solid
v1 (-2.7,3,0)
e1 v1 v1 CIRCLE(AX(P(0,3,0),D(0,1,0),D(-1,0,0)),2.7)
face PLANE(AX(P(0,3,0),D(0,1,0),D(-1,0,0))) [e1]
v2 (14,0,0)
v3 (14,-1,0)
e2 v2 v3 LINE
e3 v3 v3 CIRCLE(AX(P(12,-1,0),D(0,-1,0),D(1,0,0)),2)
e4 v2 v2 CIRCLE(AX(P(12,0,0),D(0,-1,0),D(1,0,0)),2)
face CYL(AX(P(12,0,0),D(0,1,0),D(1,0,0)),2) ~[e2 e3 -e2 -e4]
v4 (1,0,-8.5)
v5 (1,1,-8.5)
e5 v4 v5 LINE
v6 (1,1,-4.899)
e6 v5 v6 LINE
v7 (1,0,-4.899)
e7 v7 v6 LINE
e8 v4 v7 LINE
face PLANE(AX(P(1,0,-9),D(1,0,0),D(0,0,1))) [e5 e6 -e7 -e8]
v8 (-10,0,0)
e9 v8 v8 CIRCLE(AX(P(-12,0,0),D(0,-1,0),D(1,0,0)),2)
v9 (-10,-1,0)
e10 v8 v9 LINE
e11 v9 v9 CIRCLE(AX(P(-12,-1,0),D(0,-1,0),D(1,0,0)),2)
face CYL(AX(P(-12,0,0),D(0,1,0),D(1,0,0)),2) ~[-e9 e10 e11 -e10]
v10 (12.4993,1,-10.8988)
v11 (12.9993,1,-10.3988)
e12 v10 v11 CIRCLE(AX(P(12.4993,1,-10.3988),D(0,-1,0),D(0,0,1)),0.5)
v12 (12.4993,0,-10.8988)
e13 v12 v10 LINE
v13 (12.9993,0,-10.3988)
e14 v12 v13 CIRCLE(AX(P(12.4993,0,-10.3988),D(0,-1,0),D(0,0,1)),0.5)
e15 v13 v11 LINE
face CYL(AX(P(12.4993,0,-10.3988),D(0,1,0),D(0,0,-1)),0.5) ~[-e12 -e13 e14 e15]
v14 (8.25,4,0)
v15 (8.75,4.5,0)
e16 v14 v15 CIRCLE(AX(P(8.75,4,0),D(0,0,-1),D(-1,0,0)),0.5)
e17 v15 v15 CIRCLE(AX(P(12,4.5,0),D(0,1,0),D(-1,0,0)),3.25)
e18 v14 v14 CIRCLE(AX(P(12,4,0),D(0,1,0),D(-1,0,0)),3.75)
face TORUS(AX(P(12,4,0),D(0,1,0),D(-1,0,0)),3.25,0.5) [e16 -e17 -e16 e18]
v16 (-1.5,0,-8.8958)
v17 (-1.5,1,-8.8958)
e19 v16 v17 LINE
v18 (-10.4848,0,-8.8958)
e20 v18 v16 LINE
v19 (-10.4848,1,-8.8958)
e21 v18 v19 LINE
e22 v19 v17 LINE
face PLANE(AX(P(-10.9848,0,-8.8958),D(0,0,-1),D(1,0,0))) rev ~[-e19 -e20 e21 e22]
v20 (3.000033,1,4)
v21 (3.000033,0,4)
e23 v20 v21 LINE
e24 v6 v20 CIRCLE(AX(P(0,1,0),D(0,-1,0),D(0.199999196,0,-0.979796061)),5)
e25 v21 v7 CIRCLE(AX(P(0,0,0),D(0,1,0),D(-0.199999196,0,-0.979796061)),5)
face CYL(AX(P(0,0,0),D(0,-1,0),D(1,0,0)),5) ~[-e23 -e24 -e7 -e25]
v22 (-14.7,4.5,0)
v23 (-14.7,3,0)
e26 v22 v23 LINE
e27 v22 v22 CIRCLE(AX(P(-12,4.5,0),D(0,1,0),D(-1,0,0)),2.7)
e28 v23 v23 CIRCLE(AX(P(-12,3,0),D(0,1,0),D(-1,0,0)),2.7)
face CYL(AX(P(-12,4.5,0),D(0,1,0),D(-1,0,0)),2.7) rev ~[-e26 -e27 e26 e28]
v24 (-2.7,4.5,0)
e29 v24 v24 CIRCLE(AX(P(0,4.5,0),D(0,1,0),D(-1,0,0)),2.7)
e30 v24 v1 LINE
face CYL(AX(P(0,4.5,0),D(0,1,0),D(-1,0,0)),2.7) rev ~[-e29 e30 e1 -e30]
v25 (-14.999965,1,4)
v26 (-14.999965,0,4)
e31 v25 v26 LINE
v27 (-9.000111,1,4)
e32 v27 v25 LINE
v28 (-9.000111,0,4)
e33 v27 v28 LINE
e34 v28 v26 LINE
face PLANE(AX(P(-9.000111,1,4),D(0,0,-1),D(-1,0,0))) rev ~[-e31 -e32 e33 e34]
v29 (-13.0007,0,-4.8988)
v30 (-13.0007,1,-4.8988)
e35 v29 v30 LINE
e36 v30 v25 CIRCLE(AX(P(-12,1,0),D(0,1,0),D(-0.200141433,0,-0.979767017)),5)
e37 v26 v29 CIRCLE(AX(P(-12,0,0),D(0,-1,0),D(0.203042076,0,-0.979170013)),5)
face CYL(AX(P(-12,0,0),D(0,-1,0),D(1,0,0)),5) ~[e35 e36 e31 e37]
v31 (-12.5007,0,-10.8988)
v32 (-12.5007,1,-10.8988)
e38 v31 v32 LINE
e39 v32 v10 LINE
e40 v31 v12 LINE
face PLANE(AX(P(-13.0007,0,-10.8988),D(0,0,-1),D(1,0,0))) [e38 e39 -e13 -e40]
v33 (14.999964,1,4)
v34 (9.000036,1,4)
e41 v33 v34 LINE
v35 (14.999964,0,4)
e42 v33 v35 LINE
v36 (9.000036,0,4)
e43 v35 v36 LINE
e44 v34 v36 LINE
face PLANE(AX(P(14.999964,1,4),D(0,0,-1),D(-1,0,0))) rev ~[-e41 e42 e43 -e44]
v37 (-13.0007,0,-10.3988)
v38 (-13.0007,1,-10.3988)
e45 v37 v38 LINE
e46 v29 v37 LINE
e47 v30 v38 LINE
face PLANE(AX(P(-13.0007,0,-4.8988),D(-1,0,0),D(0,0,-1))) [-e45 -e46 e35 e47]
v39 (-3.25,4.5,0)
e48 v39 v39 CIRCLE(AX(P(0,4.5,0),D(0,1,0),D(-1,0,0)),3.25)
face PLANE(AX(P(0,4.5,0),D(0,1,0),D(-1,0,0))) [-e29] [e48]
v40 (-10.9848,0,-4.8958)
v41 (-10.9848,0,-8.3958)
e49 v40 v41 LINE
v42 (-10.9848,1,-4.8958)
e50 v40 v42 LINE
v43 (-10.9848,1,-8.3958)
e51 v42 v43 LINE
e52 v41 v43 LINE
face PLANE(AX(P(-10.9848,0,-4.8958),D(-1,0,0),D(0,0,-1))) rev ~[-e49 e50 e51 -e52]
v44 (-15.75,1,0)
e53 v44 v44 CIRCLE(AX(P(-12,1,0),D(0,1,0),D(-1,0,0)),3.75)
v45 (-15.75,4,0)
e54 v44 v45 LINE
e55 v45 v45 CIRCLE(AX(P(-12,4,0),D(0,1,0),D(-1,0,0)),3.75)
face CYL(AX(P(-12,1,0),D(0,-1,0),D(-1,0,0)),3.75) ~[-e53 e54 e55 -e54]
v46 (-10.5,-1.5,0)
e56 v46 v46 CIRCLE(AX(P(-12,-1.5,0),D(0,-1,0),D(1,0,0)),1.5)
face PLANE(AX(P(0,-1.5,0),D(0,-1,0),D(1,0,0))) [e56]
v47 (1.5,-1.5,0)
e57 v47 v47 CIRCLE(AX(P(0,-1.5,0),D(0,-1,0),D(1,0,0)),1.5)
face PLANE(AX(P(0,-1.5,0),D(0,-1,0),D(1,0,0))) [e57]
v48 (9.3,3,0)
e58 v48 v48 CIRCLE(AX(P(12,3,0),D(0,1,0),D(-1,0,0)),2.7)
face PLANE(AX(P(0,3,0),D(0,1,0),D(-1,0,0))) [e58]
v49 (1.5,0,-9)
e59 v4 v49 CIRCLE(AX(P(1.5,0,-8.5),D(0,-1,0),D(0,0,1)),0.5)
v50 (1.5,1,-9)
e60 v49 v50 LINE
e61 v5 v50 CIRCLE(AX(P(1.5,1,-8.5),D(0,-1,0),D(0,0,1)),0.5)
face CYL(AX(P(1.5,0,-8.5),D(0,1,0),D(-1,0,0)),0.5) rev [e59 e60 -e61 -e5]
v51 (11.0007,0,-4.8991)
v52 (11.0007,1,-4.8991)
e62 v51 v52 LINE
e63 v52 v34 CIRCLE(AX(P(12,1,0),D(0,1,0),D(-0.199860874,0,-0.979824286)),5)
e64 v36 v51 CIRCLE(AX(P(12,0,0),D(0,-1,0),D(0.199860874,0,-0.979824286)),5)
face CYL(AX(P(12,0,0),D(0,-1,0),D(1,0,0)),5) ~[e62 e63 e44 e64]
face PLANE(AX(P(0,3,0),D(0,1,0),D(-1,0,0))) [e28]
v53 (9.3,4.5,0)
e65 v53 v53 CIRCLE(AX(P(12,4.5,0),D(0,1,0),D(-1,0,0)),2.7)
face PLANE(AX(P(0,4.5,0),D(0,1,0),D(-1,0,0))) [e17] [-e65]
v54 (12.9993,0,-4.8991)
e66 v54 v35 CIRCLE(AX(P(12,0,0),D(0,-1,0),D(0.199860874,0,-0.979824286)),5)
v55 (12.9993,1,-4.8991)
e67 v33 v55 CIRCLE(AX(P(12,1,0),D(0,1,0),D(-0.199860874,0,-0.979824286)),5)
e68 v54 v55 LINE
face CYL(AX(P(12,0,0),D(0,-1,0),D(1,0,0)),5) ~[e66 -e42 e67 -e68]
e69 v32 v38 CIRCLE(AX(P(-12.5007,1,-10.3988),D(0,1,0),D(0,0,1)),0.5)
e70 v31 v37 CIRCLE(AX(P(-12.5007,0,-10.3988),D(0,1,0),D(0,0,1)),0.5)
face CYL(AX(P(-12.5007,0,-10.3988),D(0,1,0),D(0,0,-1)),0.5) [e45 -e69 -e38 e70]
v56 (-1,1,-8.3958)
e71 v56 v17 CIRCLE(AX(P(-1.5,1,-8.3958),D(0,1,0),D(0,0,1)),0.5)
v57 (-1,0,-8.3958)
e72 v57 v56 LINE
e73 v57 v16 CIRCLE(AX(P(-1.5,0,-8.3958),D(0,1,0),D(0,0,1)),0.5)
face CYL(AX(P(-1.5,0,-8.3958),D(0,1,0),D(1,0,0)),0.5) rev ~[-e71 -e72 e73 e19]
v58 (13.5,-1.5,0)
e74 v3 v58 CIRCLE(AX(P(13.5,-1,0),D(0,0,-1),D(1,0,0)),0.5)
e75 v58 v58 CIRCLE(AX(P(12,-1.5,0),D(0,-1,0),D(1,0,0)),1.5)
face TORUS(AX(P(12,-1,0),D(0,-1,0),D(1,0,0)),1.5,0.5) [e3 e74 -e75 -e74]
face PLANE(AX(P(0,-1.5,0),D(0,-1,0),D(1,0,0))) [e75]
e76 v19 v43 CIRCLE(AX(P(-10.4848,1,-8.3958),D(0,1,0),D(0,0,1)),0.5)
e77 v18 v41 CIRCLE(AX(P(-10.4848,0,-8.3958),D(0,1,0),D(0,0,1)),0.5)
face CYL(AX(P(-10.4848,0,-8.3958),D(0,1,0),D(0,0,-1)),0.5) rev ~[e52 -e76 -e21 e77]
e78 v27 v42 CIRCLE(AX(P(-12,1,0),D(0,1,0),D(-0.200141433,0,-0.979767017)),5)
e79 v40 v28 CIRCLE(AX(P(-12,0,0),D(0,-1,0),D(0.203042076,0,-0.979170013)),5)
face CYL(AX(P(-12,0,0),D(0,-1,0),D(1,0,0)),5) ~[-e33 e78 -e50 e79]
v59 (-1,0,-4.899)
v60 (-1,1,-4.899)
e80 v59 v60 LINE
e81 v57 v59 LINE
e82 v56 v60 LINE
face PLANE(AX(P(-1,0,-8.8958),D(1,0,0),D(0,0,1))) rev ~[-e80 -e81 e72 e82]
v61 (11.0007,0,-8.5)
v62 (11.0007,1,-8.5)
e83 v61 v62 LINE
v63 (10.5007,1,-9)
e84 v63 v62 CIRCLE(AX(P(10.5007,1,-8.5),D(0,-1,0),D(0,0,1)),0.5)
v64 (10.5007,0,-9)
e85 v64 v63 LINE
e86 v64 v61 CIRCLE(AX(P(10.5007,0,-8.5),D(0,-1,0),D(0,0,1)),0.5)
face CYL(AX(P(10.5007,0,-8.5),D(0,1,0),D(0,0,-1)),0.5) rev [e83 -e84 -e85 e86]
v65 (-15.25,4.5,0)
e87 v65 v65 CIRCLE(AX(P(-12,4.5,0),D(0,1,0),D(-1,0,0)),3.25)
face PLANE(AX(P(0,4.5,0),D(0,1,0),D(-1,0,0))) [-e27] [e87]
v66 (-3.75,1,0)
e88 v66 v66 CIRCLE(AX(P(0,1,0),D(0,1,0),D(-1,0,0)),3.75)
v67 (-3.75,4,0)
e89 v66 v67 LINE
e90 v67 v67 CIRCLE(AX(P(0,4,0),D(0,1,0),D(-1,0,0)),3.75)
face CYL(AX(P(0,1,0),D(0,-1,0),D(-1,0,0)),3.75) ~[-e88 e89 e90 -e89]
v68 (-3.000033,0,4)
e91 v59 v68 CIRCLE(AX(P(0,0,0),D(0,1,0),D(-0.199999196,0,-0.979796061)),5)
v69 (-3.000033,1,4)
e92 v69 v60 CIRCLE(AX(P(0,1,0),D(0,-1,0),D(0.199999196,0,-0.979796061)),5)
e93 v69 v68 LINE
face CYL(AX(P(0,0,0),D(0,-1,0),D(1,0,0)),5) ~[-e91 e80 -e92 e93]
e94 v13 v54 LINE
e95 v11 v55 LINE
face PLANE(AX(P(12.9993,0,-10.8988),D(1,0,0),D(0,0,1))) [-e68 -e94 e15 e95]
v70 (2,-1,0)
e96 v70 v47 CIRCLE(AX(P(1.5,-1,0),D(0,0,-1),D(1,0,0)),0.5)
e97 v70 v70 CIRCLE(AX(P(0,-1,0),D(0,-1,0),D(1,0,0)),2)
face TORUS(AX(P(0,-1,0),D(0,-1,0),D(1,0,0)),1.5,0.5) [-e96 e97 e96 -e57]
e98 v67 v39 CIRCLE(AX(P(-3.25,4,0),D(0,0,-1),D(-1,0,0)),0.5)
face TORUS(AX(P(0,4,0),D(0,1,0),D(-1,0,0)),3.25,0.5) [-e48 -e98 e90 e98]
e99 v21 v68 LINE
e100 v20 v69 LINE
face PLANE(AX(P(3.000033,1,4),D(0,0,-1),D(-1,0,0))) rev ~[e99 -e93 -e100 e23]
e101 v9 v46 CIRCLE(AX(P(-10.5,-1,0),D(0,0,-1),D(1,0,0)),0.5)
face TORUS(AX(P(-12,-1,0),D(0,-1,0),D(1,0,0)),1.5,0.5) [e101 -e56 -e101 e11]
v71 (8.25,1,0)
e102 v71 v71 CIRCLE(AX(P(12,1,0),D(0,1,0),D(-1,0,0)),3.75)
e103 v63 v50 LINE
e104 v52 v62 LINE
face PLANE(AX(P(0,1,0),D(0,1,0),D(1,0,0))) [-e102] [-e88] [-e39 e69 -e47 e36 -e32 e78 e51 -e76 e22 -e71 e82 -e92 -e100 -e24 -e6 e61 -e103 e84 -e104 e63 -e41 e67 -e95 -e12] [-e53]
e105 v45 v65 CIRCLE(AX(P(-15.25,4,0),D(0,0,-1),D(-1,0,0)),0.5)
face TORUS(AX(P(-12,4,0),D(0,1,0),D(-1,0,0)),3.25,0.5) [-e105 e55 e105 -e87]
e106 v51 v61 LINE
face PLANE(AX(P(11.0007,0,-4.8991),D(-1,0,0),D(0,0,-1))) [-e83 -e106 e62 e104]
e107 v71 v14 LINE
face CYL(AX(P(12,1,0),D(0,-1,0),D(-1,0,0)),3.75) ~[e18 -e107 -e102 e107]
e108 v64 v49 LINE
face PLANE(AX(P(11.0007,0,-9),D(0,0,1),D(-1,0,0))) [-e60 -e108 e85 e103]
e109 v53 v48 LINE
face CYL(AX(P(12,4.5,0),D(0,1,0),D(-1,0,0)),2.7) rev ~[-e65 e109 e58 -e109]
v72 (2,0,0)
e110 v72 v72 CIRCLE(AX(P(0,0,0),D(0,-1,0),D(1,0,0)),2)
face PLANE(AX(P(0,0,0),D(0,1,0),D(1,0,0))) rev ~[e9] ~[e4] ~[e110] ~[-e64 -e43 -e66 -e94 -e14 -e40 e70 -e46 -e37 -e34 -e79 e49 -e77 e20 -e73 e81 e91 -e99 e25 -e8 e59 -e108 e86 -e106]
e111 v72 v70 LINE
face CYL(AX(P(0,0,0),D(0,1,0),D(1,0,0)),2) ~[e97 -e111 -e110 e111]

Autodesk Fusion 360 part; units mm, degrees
sketch "スケッチ1" plane through (0, 0, 0) normal (0, 1, 0) x (1, 0, 0)
  circle A0 centre (0, 0) radius 5
  circle A1 centre (12, 0) radius 5
  circle A2 centre (-12, 0) radius 5
  line L0 (-13.0007, 4.8988) -> (-13.0007, 10.8988)
  line L1 (-10.9848, 4.8958) -> (-10.9848, 8.8958)
  line L2 (-13.0007, 10.8988) -> (12.9993, 10.8988)
  line L3 (12.9993, 10.8988) -> (12.9993, 4.8991)
  line L4 (11.0007, 4.8991) -> (11.0007, 9)
  line L5 (11.0007, 9) -> (1, 9)
  line L6 (1, 9) -> (1, 4.899)
  line L7 (-10.9848, 8.8958) -> (-1, 8.8958)
  line L8 (-1, 8.8958) -> (-1, 4.899)
  dimension "d1" = 10
  dimension "d2" = 10
  dimension "d3" = 6
  dimension "d4" = 4
  dimension "d5" = 26
extrude "押し出し1" add sketch "スケッチ1" along normal blind 1
sketch "スケッチ2" plane through (0, 1, 0) normal (0, 1, 0) x (-1, 0, 0)
  arc A0 (13.0007, -4.8988) -> (10.9848, -4.8958) centre (12, 0) ccw
  line L0 (10.9848, -4.8958) -> (10.9848, -8.8958)
  line L1 (10.9848, -8.8958) -> (1, -8.8958)
  line L2 (1, -8.8958) -> (1, -4.899)
  arc A1 (1, -4.899) -> (-1, -4.899) centre (0, 0) ccw
  line L3 (-1, -4.899) -> (-1, -9)
  line L4 (-1, -9) -> (-11.0007, -9)
  line L5 (-11.0007, -9) -> (-11.0007, -4.8991)
  arc A2 (-11.0007, -4.8991) -> (-12.9993, -4.8991) centre (-12, 0) ccw
  line L6 (-12.9993, -4.8991) -> (-12.9993, -10.8988)
  line L7 (-12.9993, -10.8988) -> (13.0007, -10.8988)
  line L8 (13.0007, -10.8988) -> (13.0007, -4.8988)
  circle A3 centre (0, 0) radius 3.75
  circle A4 centre (12, 0) radius 3.75
  circle A5 centre (-12, 0) radius 3.75
  dimension "d8" = 7.5
  dimension "d9" = 7.5
  dimension "d10" = 7.5
extrude "押し出し2" add sketch "スケッチ2" along normal blind 3.5 contours A3 | A4 | A5
sketch "スケッチ3" plane through (0, 4.5, 0) normal (0, 1, 0) x (-1, 0, 0)
  circle A0 centre (12, 0) radius 3.75
  circle A1 centre (12, 0) radius 2.7
  circle A2 centre (0, 0) radius 2.7
  circle A3 centre (-12, 0) radius 2.7
  dimension "d13" = 5.4
  dimension "d14" = 5.4
  dimension "d15" = 5.4
extrude "押し出し3" cut sketch "スケッチ3" against normal blind 1.5 contours A1 | A2 | A3
fillet "フィレット1" radius 0.5 1 edges at (1, 0.5, -9)
fillet "フィレット2" radius 0.5 1 edges at (11.0007, 0.5, -9)
fillet "フィレット3" radius 0.5 1 edges at (-1, 0.5, -8.8958)
fillet "フィレット4" radius 0.5 1 edges at (-10.9848, 0.5, -8.8958)
fillet "フィレット5" radius 0.5 1 edges at (12.9993, 0.5, -10.8988)
fillet "フィレット6" radius 0.5 1 edges at (-13.0007, 0.5, -10.8988)
fillet "フィレット7" radius 0.5 3 edges at (15.4962, 4.5, -1.3561) (3.4962, 4.5, -1.3561) (-8.5038, 4.5, -1.3561)
sketch "スケッチ4" plane through (0, 0, 0) normal (0, -1, 0) x (1, 0, 0)
  arc A0 (-13.0007, -10.3988) -> (-12.5007, -10.8988) centre (-12.5007, -10.3988) ccw
  line L0 (-12.5007, -10.8988) -> (12.4993, -10.8988)
  arc A1 (12.4993, -10.8988) -> (12.9993, -10.3988) centre (12.4993, -10.3988) ccw
  line L1 (12.9993, -10.3988) -> (12.9993, -4.8991)
  arc A2 (12.9993, -4.8991) -> (11.0007, -4.8991) centre (12, 0) ccw
  line L2 (11.0007, -4.8991) -> (11.0007, -8.5)
  arc A3 (10.5007, -9) -> (11.0007, -8.5) centre (10.5007, -8.5) ccw
  line L3 (10.5007, -9) -> (1.5, -9)
  arc A4 (1, -8.5) -> (1.5, -9) centre (1.5, -8.5) ccw
  line L4 (1, -8.5) -> (1, -4.899)
  arc A5 (1, -4.899) -> (-1, -4.899) centre (0, 0) ccw
  line L5 (-1, -4.899) -> (-1, -8.3958)
  arc A6 (-1.5, -8.8958) -> (-1, -8.3958) centre (-1.5, -8.3958) ccw
  line L6 (-1.5, -8.8958) -> (-10.4848, -8.8958)
  arc A7 (-10.9848, -8.3958) -> (-10.4848, -8.8958) centre (-10.4848, -8.3958) ccw
  line L7 (-10.9848, -8.3958) -> (-10.9848, -4.8958)
  arc A8 (-10.9848, -4.8958) -> (-13.0007, -4.8988) centre (-12, 0) ccw
  line L8 (-13.0007, -4.8988) -> (-13.0007, -10.3988)
  circle A9 centre (-12, 0) radius 2
  circle A10 centre (0, 0) radius 2
  circle A11 centre (12, 0) radius 2
  dimension "d32" = 4
extrude "押し出し4" add sketch "スケッチ4" along normal blind 1.5 contours A9 | A10 | A11
fillet "フィレット8" radius 0.5 3 edges at (-13.8647, -1.5, -0.7232) (-1.8647, -1.5, -0.7232) (10.1353, -1.5, -0.7232)
sketch "スケッチ5" plane through (0, 1, 0) normal (0, 1, 0) x (-1, 0, 0)
  arc A0 (12.5007, -10.8988) -> (13.0007, -10.3988) centre (12.5007, -10.3988) ccw
  line L0 (13.0007, -10.3988) -> (13.0007, -4.8988)
  arc A1 (13.0007, -4.8988) -> (10.9848, -4.8958) centre (12, 0) ccw
  line L1 (10.9848, -4.8958) -> (10.9848, -8.3958)
  arc A2 (10.4848, -8.8958) -> (10.9848, -8.3958) centre (10.4848, -8.3958) ccw
  line L2 (10.4848, -8.8958) -> (1.5, -8.8958)
  arc A3 (1, -8.3958) -> (1.5, -8.8958) centre (1.5, -8.3958) ccw
  line L3 (1, -8.3958) -> (1, -4.899)
  arc A4 (1, -4.899) -> (-1, -4.899) centre (0, 0) ccw
  line L4 (-1, -4.899) -> (-1, -8.5)
  arc A5 (-1.5, -9) -> (-1, -8.5) centre (-1.5, -8.5) ccw
  line L5 (-1.5, -9) -> (-10.5007, -9)
  arc A6 (-11.0007, -8.5) -> (-10.5007, -9) centre (-10.5007, -8.5) ccw
  line L6 (-11.0007, -8.5) -> (-11.0007, -4.8991)
  arc A7 (-11.0007, -4.8991) -> (-12.9993, -4.8991) centre (-12, 0) ccw
  line L7 (-12.9993, -4.8991) -> (-12.9993, -10.3988)
  arc A8 (-12.9993, -10.3988) -> (-12.4993, -10.8988) centre (-12.4993, -10.3988) ccw
  line L8 (-12.4993, -10.8988) -> (12.5007, -10.8988)
  circle A9 centre (-12, 0) radius 3.75
  circle A10 centre (0, 0) radius 3.75
  circle A11 centre (12, 0) radius 3.75
  line L9 (17, 5.5) -> (-17, 5.5)
  line L10 (-17, 5.5) -> (-17, 4)
  line L11 (-17, 4) -> (17, 4)
  line L12 (17, 4) -> (17, 5.5)
extrude "押し出し5" cut sketch "スケッチ5" against normal blind 1 contours A1 L11 | A7 L11 | A4 L11
